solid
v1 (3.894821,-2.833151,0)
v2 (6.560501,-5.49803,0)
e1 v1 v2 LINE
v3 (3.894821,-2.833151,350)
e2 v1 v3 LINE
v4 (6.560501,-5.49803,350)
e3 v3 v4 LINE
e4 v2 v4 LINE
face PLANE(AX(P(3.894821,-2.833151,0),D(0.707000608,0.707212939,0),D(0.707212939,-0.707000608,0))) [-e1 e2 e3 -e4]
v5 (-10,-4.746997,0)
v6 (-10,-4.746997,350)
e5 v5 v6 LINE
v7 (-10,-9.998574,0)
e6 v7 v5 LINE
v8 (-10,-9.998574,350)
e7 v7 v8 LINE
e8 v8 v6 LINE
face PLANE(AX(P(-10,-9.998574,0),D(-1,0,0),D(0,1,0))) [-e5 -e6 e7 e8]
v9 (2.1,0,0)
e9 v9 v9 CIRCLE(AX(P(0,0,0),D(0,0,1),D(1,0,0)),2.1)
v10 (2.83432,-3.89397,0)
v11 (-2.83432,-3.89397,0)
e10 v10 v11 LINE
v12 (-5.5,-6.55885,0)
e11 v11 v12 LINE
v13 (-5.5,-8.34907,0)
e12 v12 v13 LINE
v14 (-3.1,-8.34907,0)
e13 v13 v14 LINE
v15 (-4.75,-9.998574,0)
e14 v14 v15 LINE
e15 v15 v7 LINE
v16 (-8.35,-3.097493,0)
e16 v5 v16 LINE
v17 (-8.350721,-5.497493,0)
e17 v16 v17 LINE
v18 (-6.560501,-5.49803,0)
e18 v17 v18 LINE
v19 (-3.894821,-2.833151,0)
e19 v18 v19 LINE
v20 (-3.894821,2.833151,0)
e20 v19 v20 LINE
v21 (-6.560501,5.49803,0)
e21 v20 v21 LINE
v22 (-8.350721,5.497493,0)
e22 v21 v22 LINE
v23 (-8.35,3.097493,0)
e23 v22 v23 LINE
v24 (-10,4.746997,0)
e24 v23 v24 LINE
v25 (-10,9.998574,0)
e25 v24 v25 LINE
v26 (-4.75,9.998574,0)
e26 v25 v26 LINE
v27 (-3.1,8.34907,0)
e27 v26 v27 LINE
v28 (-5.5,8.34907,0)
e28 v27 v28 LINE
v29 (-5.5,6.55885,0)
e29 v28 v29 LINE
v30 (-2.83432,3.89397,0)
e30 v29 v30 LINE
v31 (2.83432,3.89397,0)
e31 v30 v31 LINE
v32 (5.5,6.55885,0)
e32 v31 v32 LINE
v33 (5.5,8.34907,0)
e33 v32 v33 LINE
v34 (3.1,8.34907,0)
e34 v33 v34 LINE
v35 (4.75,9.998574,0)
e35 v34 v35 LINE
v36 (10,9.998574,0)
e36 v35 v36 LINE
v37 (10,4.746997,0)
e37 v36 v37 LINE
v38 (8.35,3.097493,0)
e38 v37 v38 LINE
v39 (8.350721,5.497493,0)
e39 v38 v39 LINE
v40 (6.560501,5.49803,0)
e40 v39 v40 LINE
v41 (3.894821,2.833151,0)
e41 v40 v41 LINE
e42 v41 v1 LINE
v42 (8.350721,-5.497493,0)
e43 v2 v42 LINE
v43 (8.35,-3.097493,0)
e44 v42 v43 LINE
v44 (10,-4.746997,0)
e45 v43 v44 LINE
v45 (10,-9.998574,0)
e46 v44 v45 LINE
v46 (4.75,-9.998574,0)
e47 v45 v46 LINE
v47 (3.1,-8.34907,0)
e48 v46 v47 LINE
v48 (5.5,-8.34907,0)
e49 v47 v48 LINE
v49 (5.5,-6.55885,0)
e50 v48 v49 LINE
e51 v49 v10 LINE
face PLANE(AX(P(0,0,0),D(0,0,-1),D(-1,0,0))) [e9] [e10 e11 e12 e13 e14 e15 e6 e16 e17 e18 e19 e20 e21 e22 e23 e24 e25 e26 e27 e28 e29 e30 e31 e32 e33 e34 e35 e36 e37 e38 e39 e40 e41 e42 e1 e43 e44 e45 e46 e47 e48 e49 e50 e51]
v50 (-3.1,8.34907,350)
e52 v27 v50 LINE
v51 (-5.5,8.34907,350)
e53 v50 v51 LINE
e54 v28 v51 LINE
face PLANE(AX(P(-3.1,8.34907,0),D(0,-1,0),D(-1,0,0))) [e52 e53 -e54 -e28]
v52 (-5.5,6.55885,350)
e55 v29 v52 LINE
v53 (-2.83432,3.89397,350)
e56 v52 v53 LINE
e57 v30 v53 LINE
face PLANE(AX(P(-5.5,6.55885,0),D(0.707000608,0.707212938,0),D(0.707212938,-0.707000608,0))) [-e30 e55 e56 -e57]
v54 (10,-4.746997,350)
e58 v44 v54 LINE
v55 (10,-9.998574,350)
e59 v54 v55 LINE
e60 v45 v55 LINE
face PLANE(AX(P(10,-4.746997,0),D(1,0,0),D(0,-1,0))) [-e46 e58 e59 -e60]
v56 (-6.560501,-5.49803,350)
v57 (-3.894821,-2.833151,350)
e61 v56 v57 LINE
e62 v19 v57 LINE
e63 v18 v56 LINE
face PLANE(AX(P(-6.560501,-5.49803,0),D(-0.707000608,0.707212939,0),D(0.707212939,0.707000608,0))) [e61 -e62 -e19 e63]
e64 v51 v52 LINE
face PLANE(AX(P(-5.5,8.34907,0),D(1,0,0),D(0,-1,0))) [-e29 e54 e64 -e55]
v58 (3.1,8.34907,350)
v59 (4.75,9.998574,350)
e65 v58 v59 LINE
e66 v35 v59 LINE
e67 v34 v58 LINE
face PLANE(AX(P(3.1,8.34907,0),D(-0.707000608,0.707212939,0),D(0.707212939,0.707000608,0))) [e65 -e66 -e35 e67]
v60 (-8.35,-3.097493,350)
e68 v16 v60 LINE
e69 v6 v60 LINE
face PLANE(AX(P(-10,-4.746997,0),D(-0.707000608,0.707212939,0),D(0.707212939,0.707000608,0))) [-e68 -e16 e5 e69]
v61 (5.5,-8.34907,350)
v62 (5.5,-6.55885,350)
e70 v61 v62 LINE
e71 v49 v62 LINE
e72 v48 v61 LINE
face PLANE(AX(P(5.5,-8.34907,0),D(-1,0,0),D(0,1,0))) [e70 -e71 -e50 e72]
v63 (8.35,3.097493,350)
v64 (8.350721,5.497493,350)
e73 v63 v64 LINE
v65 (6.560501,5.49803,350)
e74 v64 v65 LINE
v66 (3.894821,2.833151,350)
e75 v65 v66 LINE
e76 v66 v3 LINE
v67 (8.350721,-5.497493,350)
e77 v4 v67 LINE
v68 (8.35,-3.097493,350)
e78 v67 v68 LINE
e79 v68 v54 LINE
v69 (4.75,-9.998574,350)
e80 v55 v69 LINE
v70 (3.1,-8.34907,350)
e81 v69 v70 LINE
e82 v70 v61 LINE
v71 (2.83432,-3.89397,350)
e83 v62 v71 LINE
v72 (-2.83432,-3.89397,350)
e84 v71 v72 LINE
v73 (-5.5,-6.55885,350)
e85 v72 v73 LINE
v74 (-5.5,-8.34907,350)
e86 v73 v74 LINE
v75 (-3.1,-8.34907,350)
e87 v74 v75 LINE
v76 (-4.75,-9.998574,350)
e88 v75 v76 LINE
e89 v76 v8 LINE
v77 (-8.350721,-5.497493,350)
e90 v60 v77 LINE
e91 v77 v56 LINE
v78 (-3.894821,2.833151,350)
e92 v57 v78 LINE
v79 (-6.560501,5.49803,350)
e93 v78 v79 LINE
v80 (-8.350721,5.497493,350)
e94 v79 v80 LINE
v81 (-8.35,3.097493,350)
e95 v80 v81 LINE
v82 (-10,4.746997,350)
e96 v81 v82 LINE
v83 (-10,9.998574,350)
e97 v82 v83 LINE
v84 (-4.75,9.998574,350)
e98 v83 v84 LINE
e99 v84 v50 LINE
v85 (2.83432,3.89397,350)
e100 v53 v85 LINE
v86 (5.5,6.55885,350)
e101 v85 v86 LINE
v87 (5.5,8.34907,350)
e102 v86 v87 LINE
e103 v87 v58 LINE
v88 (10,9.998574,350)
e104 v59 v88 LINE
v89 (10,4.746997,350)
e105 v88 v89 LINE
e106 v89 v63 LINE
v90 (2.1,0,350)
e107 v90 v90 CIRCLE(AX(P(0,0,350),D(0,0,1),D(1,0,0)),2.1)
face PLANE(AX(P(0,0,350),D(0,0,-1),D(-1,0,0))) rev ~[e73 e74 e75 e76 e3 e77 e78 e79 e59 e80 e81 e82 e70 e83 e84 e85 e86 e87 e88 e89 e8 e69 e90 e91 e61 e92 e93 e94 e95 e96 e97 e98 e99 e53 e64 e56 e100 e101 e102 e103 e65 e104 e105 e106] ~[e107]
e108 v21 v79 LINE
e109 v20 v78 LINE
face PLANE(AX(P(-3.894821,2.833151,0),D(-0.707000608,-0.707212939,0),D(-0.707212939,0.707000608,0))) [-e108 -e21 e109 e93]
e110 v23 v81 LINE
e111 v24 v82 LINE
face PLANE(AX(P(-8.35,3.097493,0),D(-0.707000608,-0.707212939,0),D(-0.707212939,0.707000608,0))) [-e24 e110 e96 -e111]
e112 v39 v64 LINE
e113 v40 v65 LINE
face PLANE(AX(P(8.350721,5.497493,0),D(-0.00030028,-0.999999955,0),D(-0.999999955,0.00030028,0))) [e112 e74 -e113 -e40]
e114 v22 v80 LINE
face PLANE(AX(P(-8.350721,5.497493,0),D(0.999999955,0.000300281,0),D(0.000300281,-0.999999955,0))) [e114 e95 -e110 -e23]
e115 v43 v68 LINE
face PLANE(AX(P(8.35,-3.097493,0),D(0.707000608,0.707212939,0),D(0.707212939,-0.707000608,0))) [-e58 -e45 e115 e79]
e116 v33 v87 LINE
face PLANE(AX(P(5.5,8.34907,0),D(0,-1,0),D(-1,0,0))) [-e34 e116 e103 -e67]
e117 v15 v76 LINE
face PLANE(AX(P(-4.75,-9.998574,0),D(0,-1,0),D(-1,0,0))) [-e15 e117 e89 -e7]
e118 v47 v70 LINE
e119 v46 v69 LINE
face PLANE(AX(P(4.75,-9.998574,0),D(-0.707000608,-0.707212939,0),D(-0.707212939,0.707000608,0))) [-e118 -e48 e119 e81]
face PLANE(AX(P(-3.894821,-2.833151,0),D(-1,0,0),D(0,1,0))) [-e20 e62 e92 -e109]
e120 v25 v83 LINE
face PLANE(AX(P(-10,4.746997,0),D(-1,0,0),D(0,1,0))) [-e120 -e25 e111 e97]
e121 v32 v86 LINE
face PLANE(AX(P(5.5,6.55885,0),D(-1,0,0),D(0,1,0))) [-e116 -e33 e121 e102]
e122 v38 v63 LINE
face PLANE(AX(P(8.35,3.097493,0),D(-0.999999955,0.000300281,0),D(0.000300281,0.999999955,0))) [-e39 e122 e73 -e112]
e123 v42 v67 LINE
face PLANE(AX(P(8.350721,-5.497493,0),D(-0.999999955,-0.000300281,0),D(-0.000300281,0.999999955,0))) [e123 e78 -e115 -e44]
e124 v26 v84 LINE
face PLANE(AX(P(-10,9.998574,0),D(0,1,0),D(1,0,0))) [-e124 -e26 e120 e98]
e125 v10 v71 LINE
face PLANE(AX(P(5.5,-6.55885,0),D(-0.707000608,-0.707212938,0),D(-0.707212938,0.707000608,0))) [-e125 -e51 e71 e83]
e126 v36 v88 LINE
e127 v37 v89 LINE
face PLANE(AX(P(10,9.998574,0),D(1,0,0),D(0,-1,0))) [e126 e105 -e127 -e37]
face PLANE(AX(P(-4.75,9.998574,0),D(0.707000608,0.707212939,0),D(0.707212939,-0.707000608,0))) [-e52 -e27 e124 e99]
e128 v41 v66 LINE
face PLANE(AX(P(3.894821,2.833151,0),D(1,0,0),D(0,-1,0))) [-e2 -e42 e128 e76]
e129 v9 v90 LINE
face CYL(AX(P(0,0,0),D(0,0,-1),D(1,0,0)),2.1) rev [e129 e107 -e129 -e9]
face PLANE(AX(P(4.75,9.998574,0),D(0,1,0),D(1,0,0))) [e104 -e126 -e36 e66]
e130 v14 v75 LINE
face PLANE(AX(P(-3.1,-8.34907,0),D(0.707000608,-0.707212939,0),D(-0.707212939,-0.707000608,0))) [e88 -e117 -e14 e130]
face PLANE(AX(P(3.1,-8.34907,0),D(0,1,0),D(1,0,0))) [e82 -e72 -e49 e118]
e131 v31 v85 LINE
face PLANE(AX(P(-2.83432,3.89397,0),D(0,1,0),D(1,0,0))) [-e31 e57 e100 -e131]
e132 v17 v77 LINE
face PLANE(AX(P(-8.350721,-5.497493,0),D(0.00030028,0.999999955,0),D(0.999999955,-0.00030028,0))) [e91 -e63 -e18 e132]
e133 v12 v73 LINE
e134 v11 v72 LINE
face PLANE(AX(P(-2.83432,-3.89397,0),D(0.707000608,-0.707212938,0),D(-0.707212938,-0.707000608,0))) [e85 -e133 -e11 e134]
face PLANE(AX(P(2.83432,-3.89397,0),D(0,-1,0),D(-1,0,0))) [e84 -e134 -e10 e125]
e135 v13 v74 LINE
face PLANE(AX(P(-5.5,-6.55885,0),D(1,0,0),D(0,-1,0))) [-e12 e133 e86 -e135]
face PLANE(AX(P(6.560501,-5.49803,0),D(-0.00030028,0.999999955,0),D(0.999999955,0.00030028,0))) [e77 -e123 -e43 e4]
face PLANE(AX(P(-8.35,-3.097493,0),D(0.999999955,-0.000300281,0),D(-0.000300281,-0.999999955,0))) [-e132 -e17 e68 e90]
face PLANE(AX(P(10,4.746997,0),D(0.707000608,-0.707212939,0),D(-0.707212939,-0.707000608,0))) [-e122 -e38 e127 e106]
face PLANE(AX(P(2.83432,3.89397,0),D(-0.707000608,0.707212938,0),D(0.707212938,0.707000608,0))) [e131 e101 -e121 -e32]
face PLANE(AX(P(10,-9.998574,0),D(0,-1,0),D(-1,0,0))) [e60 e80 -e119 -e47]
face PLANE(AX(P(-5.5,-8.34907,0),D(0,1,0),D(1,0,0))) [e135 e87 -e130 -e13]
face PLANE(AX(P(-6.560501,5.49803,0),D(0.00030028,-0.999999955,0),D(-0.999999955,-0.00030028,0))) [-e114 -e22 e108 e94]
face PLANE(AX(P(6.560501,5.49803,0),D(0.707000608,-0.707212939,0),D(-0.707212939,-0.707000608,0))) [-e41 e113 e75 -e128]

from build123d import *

# Parameters (mm, degrees)
SKETCH1_R           = 2.1
BOSS_EXTRUDE1_DEPTH = 350


with BuildPart() as part:
    # Sketch1 → Boss-Extrude1 (new body)
    with BuildSketch(Plane.XY):
        Polygon((2.834320347, 3.893970342), (5.5, 6.558849663), (5.5, 8.349069506), (3.1, 8.349069506), (4.75, 9.998574117), (10, 9.998574117), (10, 4.746997406), (8.35, 3.097492795), (8.350720674, 5.497492687), (6.560500912, 5.498030255), (3.894821259, 2.833150935), (3.894821259, -2.833150935), (6.560500912, -5.498030255), (8.350720674, -5.497492687), (8.35, -3.097492795), (10, -4.746997406), (10, -9.998574117), (4.75, -9.998574117), (3.1, -8.349069506), (5.5, -8.349069506), (5.5, -6.558849663), (2.834320347, -3.893970342), (-2.834320347, -3.893970342), (-5.5, -6.558849663), (-5.5, -8.349069506), (-3.1, -8.349069506), (-4.75, -9.998574117), (-10, -9.998574117), (-10, -4.746997406), (-8.35, -3.097492795), (-8.350720674, -5.497492687), (-6.560500912, -5.498030255), (-3.894821259, -2.833150935), (-3.894821259, 2.833150935), (-6.560500912, 5.498030255), (-8.350720674, 5.497492687), (-8.35, 3.097492795), (-10, 4.746997406), (-10, 9.998574117), (-4.75, 9.998574117), (-3.1, 8.349069506), (-5.5, 8.349069506), (-5.5, 6.558849663), (-2.834320347, 3.893970342), align=None)
        Circle(SKETCH1_R, mode=Mode.SUBTRACT)
    extrude(amount=BOSS_EXTRUDE1_DEPTH)


solid = part.part
